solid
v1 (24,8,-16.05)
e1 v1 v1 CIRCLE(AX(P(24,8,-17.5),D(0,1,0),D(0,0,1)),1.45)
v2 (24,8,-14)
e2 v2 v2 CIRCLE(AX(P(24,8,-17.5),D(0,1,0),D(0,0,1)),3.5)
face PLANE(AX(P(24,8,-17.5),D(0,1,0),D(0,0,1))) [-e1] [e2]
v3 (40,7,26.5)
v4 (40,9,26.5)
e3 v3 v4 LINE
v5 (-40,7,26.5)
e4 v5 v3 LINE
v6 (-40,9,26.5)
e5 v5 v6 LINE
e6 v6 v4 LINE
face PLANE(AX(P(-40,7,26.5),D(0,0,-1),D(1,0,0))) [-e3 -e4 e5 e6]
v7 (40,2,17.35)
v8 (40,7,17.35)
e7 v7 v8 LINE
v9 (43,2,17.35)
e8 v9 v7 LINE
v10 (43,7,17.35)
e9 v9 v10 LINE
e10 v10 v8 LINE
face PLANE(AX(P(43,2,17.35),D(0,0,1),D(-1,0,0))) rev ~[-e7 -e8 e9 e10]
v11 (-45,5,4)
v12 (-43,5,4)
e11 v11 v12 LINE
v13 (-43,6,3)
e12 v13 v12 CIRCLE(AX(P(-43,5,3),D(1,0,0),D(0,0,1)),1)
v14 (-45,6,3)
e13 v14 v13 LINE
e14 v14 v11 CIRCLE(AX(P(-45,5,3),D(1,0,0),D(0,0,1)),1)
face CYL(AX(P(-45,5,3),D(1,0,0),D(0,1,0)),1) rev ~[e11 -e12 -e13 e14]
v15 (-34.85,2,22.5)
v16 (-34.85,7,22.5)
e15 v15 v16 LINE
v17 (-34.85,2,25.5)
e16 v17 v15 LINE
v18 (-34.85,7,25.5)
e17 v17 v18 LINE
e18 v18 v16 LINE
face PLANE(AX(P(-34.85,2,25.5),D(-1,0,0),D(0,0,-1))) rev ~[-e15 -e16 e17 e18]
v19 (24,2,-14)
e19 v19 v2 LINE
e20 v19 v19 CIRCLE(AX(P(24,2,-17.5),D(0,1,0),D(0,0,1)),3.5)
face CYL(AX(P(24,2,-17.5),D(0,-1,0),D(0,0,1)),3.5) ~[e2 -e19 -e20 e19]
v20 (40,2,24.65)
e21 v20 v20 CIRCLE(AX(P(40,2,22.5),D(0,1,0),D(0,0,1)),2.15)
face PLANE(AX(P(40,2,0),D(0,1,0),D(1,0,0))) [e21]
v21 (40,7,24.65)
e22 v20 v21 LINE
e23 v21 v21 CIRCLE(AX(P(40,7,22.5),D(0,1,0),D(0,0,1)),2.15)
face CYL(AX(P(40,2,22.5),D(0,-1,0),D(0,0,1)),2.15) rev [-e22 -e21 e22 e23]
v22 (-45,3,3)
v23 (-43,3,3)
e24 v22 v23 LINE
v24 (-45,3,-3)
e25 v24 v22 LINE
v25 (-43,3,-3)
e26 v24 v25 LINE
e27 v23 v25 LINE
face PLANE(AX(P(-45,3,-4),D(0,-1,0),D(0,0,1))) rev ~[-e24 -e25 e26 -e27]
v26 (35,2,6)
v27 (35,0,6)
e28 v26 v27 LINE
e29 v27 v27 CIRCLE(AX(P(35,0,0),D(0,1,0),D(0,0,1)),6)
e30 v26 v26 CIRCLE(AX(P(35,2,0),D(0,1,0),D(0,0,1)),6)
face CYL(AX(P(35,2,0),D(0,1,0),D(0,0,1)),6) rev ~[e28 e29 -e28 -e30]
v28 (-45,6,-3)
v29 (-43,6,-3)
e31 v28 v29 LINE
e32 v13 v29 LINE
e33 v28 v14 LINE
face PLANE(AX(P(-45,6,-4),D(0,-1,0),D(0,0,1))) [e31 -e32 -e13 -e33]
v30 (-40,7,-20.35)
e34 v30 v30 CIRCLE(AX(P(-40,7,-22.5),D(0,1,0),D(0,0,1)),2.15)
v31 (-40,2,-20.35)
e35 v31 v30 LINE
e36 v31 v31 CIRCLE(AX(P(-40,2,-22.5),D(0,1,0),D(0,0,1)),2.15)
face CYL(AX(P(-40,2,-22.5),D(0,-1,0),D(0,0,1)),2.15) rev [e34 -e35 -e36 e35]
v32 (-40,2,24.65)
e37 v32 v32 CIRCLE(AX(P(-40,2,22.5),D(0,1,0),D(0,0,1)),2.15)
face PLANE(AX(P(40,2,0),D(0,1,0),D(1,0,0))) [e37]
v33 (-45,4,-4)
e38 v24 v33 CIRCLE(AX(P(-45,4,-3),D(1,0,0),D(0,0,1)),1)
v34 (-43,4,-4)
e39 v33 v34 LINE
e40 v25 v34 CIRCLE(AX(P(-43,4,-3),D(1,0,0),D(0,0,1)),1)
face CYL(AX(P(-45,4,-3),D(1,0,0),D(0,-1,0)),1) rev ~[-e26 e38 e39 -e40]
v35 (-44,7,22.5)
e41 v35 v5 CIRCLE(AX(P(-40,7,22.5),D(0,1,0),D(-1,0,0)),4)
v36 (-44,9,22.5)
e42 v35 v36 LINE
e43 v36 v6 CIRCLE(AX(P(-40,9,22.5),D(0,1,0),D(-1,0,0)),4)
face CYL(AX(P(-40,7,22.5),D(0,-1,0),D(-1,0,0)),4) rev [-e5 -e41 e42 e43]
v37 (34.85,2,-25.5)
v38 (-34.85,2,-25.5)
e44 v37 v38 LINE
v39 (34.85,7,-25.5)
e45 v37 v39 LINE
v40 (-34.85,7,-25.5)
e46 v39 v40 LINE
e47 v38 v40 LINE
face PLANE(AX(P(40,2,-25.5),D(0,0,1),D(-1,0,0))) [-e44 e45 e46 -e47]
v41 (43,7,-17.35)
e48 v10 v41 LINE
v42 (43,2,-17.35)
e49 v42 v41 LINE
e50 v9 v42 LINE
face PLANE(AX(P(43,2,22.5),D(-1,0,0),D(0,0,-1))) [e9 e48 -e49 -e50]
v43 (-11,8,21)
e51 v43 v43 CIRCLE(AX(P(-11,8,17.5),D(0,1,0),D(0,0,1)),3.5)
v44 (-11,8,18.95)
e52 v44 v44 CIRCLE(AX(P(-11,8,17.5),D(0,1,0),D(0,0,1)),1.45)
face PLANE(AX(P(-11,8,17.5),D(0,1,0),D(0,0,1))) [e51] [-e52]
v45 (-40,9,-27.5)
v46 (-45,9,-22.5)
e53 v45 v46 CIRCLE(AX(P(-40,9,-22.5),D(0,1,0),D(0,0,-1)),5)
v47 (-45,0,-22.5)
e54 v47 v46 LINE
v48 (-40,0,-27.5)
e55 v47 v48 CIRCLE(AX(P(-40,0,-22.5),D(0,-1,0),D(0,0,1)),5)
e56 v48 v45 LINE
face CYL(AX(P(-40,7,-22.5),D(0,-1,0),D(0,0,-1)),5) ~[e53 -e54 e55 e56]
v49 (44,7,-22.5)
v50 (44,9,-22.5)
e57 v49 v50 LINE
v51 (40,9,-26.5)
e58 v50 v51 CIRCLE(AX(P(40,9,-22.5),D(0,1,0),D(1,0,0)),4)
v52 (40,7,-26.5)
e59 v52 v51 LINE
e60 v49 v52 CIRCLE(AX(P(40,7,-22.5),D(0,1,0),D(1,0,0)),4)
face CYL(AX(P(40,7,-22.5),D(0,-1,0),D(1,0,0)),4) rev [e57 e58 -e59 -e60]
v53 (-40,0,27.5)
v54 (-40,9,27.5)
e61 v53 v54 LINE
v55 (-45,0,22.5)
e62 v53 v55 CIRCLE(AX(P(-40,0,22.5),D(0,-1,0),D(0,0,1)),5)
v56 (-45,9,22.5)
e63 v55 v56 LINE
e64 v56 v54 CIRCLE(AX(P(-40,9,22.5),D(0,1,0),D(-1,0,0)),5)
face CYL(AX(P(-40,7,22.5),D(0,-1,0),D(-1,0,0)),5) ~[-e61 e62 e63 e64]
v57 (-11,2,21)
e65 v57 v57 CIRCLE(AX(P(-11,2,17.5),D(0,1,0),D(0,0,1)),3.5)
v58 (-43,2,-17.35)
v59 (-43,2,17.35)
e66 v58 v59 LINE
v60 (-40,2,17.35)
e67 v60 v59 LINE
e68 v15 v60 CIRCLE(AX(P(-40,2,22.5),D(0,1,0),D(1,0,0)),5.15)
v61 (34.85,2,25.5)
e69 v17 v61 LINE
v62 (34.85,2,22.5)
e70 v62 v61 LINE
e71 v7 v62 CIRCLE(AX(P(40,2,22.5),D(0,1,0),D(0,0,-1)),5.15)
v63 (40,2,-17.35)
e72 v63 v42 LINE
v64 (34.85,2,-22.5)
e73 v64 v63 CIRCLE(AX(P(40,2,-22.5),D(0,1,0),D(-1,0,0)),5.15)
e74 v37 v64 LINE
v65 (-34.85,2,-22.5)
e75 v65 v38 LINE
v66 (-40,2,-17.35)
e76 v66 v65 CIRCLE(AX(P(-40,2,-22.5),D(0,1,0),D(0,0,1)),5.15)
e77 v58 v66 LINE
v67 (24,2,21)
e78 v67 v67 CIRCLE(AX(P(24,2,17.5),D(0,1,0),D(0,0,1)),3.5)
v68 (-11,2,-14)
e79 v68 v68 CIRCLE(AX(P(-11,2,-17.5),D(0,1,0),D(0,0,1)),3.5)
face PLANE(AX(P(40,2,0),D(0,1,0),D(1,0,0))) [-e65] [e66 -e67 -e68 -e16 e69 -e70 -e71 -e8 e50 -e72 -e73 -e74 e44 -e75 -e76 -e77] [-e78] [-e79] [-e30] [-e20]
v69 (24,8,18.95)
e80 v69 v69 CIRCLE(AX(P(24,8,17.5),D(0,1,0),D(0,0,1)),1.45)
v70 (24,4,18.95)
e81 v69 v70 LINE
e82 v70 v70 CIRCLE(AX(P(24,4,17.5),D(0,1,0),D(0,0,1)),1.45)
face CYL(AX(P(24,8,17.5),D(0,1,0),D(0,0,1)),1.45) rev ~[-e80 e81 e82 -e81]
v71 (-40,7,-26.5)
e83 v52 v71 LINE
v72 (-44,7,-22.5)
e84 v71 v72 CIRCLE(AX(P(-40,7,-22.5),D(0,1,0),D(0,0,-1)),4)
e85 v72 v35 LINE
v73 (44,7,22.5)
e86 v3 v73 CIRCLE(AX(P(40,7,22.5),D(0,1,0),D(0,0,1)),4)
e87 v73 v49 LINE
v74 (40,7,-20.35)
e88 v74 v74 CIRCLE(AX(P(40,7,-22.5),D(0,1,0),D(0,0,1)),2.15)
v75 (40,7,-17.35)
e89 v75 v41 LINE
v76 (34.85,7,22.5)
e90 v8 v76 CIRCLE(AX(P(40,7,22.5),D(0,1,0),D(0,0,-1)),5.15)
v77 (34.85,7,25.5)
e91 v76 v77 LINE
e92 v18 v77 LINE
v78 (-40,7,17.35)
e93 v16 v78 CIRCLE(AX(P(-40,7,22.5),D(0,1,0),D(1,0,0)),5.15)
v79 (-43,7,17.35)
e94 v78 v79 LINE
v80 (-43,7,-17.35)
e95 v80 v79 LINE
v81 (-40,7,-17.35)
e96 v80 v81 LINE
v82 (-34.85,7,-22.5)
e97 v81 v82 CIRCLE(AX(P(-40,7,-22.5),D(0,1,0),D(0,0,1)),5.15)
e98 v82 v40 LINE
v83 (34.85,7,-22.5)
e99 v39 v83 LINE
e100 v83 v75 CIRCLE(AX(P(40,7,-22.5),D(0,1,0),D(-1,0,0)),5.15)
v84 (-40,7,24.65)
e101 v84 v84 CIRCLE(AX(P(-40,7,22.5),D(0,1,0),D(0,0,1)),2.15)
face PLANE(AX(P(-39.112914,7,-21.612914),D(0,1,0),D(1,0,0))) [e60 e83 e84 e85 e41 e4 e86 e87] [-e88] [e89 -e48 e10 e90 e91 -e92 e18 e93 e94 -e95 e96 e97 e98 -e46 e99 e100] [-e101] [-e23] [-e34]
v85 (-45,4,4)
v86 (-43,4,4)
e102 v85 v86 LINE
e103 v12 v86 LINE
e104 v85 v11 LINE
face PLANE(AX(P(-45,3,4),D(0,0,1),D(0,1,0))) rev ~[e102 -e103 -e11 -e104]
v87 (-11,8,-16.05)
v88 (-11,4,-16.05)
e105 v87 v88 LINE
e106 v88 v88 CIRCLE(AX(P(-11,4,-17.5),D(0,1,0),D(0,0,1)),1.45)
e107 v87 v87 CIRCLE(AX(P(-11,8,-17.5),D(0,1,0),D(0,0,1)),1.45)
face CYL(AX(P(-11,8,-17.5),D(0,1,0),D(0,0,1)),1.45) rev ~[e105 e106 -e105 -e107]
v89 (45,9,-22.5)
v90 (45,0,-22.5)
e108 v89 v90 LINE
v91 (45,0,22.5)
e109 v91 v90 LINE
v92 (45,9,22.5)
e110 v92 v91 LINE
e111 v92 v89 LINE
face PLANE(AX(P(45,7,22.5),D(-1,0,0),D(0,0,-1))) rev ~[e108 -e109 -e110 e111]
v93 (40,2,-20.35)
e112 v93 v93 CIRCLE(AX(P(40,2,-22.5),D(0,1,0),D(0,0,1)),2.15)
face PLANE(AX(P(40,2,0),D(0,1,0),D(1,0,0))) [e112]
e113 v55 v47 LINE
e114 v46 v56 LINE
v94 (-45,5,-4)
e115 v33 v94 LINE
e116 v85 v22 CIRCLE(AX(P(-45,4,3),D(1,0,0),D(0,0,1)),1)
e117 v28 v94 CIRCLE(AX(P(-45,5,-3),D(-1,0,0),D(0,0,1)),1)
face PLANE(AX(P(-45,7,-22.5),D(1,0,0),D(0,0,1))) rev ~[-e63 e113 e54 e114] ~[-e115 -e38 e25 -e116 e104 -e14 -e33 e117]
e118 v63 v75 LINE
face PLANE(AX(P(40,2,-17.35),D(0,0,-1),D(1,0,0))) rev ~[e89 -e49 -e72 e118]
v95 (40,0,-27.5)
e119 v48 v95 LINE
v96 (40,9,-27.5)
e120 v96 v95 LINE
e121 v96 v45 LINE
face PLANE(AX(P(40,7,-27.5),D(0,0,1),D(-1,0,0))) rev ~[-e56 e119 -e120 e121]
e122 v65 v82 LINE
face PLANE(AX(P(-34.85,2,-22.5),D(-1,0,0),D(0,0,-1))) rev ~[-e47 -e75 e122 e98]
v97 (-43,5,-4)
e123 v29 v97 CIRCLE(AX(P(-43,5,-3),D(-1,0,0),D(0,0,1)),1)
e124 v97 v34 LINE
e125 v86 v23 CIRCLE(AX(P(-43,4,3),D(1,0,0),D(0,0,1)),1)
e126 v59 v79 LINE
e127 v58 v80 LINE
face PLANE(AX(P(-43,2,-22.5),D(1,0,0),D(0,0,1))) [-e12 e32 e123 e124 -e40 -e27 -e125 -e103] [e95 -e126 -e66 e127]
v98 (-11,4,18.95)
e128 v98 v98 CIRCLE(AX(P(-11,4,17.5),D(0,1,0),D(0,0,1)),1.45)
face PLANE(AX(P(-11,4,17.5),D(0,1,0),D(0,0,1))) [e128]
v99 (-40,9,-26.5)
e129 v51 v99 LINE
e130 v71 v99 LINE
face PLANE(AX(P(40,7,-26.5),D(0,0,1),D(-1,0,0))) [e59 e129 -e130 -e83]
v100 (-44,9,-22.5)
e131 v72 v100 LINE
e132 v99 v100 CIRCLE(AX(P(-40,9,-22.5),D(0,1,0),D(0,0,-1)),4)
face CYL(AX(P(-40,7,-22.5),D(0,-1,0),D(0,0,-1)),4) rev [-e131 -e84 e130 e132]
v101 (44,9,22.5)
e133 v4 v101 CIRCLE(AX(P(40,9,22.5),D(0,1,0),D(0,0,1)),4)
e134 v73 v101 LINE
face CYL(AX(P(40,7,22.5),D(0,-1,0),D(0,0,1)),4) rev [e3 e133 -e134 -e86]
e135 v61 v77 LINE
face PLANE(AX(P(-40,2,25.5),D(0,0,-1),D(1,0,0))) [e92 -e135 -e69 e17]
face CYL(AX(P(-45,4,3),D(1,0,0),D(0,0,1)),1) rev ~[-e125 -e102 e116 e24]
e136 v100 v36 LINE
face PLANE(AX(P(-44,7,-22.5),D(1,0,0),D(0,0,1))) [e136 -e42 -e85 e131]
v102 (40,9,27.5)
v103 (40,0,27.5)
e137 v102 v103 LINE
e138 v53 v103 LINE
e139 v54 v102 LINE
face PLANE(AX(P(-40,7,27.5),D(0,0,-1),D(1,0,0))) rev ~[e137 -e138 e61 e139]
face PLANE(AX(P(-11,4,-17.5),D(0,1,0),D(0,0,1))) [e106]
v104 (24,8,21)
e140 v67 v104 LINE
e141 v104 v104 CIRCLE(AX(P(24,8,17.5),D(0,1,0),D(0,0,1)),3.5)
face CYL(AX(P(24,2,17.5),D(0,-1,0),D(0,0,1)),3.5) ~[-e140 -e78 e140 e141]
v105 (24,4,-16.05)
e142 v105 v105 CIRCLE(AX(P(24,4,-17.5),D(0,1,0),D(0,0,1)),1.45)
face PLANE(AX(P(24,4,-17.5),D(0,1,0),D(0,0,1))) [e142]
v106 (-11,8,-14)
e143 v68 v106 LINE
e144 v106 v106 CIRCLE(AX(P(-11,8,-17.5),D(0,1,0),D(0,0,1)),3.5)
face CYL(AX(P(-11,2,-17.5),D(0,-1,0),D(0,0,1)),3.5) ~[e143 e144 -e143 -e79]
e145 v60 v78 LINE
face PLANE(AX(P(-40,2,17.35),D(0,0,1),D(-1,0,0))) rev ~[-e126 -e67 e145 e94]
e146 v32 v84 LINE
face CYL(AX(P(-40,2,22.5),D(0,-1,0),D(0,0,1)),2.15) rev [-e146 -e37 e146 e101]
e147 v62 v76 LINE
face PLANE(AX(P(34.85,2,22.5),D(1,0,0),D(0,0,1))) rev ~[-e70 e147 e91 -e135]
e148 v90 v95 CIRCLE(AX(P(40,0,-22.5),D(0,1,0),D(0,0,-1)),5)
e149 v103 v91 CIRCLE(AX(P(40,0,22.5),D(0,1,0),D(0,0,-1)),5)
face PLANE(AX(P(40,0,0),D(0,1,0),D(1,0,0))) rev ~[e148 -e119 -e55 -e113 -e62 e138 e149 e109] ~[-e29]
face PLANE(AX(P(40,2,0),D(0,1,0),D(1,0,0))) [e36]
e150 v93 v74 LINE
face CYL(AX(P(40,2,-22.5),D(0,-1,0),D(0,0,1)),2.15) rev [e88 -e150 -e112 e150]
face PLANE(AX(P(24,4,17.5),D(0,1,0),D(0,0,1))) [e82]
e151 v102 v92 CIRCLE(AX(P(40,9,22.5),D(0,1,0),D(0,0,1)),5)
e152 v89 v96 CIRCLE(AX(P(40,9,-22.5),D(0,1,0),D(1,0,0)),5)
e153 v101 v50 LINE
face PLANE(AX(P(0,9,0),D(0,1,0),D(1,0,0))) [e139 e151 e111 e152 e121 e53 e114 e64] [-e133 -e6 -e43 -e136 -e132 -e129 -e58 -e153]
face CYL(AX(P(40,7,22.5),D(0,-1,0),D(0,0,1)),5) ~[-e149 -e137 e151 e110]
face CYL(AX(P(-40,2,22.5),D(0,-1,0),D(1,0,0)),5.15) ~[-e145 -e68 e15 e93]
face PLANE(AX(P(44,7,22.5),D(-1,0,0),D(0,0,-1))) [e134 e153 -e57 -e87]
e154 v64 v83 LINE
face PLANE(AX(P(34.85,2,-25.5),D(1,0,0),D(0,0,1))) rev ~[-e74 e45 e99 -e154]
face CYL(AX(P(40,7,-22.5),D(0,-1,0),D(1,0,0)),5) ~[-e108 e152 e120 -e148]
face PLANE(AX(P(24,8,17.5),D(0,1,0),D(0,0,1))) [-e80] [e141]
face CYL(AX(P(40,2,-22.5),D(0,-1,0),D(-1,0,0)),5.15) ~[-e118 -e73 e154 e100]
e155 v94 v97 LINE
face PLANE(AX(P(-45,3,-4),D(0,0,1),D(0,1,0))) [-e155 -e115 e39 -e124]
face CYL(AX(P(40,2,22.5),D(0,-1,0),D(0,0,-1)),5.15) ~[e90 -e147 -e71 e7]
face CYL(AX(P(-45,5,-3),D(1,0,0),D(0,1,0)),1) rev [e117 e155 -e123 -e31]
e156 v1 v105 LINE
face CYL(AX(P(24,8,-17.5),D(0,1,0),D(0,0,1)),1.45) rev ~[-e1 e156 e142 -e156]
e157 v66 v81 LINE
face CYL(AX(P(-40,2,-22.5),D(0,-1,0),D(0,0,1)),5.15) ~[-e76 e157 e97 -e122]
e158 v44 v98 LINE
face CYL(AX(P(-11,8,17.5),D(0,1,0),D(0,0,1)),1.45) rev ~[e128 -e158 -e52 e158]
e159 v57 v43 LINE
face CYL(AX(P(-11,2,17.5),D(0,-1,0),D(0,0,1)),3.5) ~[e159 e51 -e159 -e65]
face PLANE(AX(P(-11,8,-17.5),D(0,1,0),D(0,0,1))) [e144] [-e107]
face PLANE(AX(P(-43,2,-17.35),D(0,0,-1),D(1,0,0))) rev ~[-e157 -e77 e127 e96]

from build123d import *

# Parameters (mm, degrees)
ESQUISSE1_W             = 70
ESQUISSE1_H             = 55
ESQUISSE1_W_2           = 10
BOSS_EXTRU_1_DEPTH      = 2
ESQUISSE2_R             = 3.5
BOSS_EXTRU_2_DEPTH      = 6
ESQUISSE3_R             = 1.45
ENL_V_MAT_EXTRU_1_DEPTH = 4
ESQUISSE9_W             = 10
ESQUISSE9_H             = 55
BOSS_EXTRU_3_DEPTH      = 2
ESQUISSE10_R            = 6
ENL_V_MAT_EXTRU_8_DEPTH = 2
CONG_2_R                = 5
BOSS_EXTRU_4_DEPTH      = 5
BOSS_EXTRU_5_DEPTH      = 2
ESQUISSE15_R            = 2.15
BOSS_EXTRU_7_DEPTH      = 5
ESQUISSE17_W            = 8
ESQUISSE17_H            = 3
ENL_V_MAT_EXTRU_9_DEPTH = 10
CONG_3_R                = 1


with BuildPart() as part:
    # Esquisse1 → Boss.-Extru.1 (new body)
    with BuildSketch(Plane(origin=(0, 0, 0), x_dir=(1, 0, 0), z_dir=(0, 1, 0))):
        Rectangle(ESQUISSE1_W, ESQUISSE1_H)
        with Locations((-40, 0)):
            Rectangle(ESQUISSE1_W_2, ESQUISSE1_H)
    extrude(amount=BOSS_EXTRU_1_DEPTH)

    # Esquisse2 → Boss.-Extru.2 (add)
    with BuildSketch(Plane(origin=(0, 2, 0), x_dir=(1, 0, 0), z_dir=(0, 1, 0))):
        with Locations(Location((-11, 17.5, 0), (0, 0, 270))):
            Circle(ESQUISSE2_R)
        with Locations(Location((24, 17.5, 0), (0, 0, 270))):
            Circle(ESQUISSE2_R)
        with Locations(Location((24, -17.5, 0), (0, 0, 270))):
            Circle(ESQUISSE2_R)
        with Locations(Location((-11, -17.5, 0), (0, 0, 270))):
            Circle(ESQUISSE2_R)
    extrude(amount=BOSS_EXTRU_2_DEPTH)

    # Esquisse3 → Enlèv. mat.-Extru.1 (cut)
    with BuildSketch(Plane(origin=(0, 8, 0), x_dir=(1, 0, 0), z_dir=(0, 1, 0))):
        with Locations(Location((-11, 17.5, 0), (0, 0, 270))):
            Circle(ESQUISSE3_R)
        with Locations(Location((24, 17.5, 0), (0, 0, 270))):
            Circle(ESQUISSE3_R)
        with Locations(Location((24, -17.5, 0), (0, 0, 270))):
            Circle(ESQUISSE3_R)
        with Locations(Location((-11, -17.5, 0), (0, 0, 270))):
            Circle(ESQUISSE3_R)
    extrude(amount=-ENL_V_MAT_EXTRU_1_DEPTH, mode=Mode.SUBTRACT)

    # Esquisse9 → Boss.-Extru.3 (add)
    with BuildSketch(Plane(origin=(0, 2, 0), x_dir=(1, 0, 0), z_dir=(0, 1, 0))):
        with Locations((40, 0)):
            Rectangle(ESQUISSE9_W, ESQUISSE9_H)
    extrude(amount=-BOSS_EXTRU_3_DEPTH)

    # Esquisse10 → Enlèv. mat.-Extru.8 (cut)
    with BuildSketch(Plane(origin=(0, 2, 0), x_dir=(1, 0, 0), z_dir=(0, 1, 0))):
        with Locations(Location((35, 0, 0), (0, 0, 270))):
            Circle(ESQUISSE10_R)
    extrude(amount=-ENL_V_MAT_EXTRU_8_DEPTH, mode=Mode.SUBTRACT)

    # Congé2
    cong_2_edges = [part.edges().sort_by_distance(p)[0] for p in [
        (45, 1, -27.5),
        (45, 1, 27.5),
        (-45, 1, 27.5),
        (-45, 1, -27.5),
    ]]
    fillet(cong_2_edges, radius=CONG_2_R)

    # Esquisse12 → Boss.-Extru.4 (add)
    with BuildSketch(Plane(origin=(0, 2, 0), x_dir=(1, 0, 0), z_dir=(0, 1, 0))):
        with BuildLine():
            Line((40, 27.5), (-40, 27.5))
            ThreePointArc((-40, 27.5), (-43.535533906, 26.035533906), (-45, 22.5))
            Line((-45, 22.5), (-45, -22.5))
            ThreePointArc((-45, -22.5), (-43.535533906, -26.035533906), (-40, -27.5))
            Line((-40, -27.5), (40, -27.5))
            ThreePointArc((40, -27.5), (43.535533906, -26.035533906), (45, -22.5))
            Line((45, -22.5), (45, 22.5))
            ThreePointArc((45, 22.5), (43.535533906, 26.035533906), (40, 27.5))
        make_face()
        with BuildLine():
            Line((43, -22.5), (43, 22.5))
            ThreePointArc((43, 22.5), (42.121320344, 24.621320344), (40, 25.5))
            Line((40, 25.5), (-40, 25.5))
            ThreePointArc((-40, 25.5), (-42.121320344, 24.621320344), (-43, 22.5))
            Line((-43, 22.5), (-43, -22.5))
            ThreePointArc((-43, -22.5), (-42.121320344, -24.621320344), (-40, -25.5))
            Line((-40, -25.5), (40, -25.5))
            ThreePointArc((40, -25.5), (42.121320344, -24.621320344), (43, -22.5))
        make_face(mode=Mode.SUBTRACT)
    extrude(amount=BOSS_EXTRU_4_DEPTH)

    # Esquisse13 → Boss.-Extru.5 (add)
    with BuildSketch(Plane(origin=(0, 7, 0), x_dir=(1, 0, 0), z_dir=(0, 1, 0))):
        with BuildLine():
            Line((40, 27.5), (-40, 27.5))
            ThreePointArc((-40, 27.5), (-43.535533906, 26.035533906), (-45, 22.5))
            Line((-45, 22.5), (-45, -22.5))
            ThreePointArc((-45, -22.5), (-43.535533906, -26.035533906), (-40, -27.5))
            Line((-40, -27.5), (40, -27.5))
            ThreePointArc((40, -27.5), (43.535533906, -26.035533906), (45, -22.5))
            Line((45, -22.5), (45, 22.5))
            ThreePointArc((45, 22.5), (43.535533906, 26.035533906), (40, 27.5))
        make_face()
        with BuildLine():
            Line((40, 26.5), (-40, 26.5))
            ThreePointArc((-40, 26.5), (-42.828427125, 25.328427125), (-44, 22.5))
            Line((-44, 22.5), (-44, -22.5))
            ThreePointArc((-44, -22.5), (-42.828427125, -25.328427125), (-40, -26.5))
            Line((-40, -26.5), (40, -26.5))
            ThreePointArc((40, -26.5), (42.828427125, -25.328427125), (44, -22.5))
            Line((44, -22.5), (44, 22.5))
            ThreePointArc((44, 22.5), (42.828427125, 25.328427125), (40, 26.5))
        make_face(mode=Mode.SUBTRACT)
    extrude(amount=BOSS_EXTRU_5_DEPTH)

    # Esquisse15 → Boss.-Extru.7 (add)
    # profile 1 of 4: a face of its own
    with BuildSketch(Plane(origin=(0, 2, 0), x_dir=(1, 0, 0), z_dir=(0, 1, 0))):
        with BuildLine():
            ThreePointArc((-40, 17.35), (-36.358400077, 18.858400077), (-34.85, 22.5))
            Line((-34.85, 22.5), (-34.85, 25.5))
            Line((-34.85, 25.5), (-40, 25.5))
            ThreePointArc((-40, 25.5), (-42.121320344, 24.621320344), (-43, 22.5))
            Line((-43, 22.5), (-43, 17.35))
            Line((-43, 17.35), (-40, 17.35))
        make_face()
        with Locations(Location((-40, 22.5, 0), (0, 0, 270))):
            Circle(ESQUISSE15_R, mode=Mode.SUBTRACT)
    # profile 2 of 4: a face of its own
    with BuildSketch(Plane(origin=(0, 2, 0), x_dir=(1, 0, 0), z_dir=(0, 1, 0))):
        with BuildLine():
            Line((40, 25.5), (34.85, 25.5))
            Line((34.85, 25.5), (34.85, 22.5))
            ThreePointArc((34.85, 22.5), (36.358400077, 18.858400077), (40, 17.35))
            Line((40, 17.35), (43, 17.35))
            Line((43, 17.35), (43, 22.5))
            ThreePointArc((43, 22.5), (42.121320344, 24.621320344), (40, 25.5))
        make_face()
        with Locations(Location((40, 22.5, 0), (0, 0, 270))):
            Circle(ESQUISSE15_R, mode=Mode.SUBTRACT)
    # profile 3 of 4: a face of its own
    with BuildSketch(Plane(origin=(0, 2, 0), x_dir=(1, 0, 0), z_dir=(0, 1, 0))):
        with BuildLine():
            Line((43, -22.5), (43, -17.35))
            Line((43, -17.35), (40, -17.35))
            ThreePointArc((40, -17.35), (36.358400077, -18.858400077), (34.85, -22.5))
            Line((34.85, -22.5), (34.85, -25.5))
            Line((34.85, -25.5), (40, -25.5))
            ThreePointArc((40, -25.5), (42.121320344, -24.621320344), (43, -22.5))
        make_face()
        with Locations(Location((40, -22.5, 0), (0, 0, 270))):
            Circle(ESQUISSE15_R, mode=Mode.SUBTRACT)
    # profile 4 of 4: a face of its own
    with BuildSketch(Plane(origin=(0, 2, 0), x_dir=(1, 0, 0), z_dir=(0, 1, 0))):
        with BuildLine():
            Line((-40, -17.35), (-43, -17.35))
            Line((-43, -17.35), (-43, -22.5))
            ThreePointArc((-43, -22.5), (-42.121320344, -24.621320344), (-40, -25.5))
            Line((-40, -25.5), (-34.85, -25.5))
            Line((-34.85, -25.5), (-34.85, -22.5))
            ThreePointArc((-34.85, -22.5), (-36.358400077, -18.858400077), (-40, -17.35))
        make_face()
        with Locations(Location((-40, -22.5, 0), (0, 0, 270))):
            Circle(ESQUISSE15_R, mode=Mode.SUBTRACT)
    extrude(amount=BOSS_EXTRU_7_DEPTH)

    # Esquisse17 → Enlèv. mat.-Extru.9 (cut)
    with BuildSketch(Plane.ZY.offset(45)):
        with Locations((0, 4.5)):
            Rectangle(ESQUISSE17_W, ESQUISSE17_H)
    extrude(amount=-ENL_V_MAT_EXTRU_9_DEPTH, mode=Mode.SUBTRACT)

    # Congé3
    cong_3_edges = [part.edges().sort_by_distance(p)[0] for p in [
        (-44, 6, 4),
        (-44, 3, 4),
        (-44, 3, -4),
        (-44, 6, -4),
    ]]
    fillet(cong_3_edges, radius=CONG_3_R)


solid = part.part
